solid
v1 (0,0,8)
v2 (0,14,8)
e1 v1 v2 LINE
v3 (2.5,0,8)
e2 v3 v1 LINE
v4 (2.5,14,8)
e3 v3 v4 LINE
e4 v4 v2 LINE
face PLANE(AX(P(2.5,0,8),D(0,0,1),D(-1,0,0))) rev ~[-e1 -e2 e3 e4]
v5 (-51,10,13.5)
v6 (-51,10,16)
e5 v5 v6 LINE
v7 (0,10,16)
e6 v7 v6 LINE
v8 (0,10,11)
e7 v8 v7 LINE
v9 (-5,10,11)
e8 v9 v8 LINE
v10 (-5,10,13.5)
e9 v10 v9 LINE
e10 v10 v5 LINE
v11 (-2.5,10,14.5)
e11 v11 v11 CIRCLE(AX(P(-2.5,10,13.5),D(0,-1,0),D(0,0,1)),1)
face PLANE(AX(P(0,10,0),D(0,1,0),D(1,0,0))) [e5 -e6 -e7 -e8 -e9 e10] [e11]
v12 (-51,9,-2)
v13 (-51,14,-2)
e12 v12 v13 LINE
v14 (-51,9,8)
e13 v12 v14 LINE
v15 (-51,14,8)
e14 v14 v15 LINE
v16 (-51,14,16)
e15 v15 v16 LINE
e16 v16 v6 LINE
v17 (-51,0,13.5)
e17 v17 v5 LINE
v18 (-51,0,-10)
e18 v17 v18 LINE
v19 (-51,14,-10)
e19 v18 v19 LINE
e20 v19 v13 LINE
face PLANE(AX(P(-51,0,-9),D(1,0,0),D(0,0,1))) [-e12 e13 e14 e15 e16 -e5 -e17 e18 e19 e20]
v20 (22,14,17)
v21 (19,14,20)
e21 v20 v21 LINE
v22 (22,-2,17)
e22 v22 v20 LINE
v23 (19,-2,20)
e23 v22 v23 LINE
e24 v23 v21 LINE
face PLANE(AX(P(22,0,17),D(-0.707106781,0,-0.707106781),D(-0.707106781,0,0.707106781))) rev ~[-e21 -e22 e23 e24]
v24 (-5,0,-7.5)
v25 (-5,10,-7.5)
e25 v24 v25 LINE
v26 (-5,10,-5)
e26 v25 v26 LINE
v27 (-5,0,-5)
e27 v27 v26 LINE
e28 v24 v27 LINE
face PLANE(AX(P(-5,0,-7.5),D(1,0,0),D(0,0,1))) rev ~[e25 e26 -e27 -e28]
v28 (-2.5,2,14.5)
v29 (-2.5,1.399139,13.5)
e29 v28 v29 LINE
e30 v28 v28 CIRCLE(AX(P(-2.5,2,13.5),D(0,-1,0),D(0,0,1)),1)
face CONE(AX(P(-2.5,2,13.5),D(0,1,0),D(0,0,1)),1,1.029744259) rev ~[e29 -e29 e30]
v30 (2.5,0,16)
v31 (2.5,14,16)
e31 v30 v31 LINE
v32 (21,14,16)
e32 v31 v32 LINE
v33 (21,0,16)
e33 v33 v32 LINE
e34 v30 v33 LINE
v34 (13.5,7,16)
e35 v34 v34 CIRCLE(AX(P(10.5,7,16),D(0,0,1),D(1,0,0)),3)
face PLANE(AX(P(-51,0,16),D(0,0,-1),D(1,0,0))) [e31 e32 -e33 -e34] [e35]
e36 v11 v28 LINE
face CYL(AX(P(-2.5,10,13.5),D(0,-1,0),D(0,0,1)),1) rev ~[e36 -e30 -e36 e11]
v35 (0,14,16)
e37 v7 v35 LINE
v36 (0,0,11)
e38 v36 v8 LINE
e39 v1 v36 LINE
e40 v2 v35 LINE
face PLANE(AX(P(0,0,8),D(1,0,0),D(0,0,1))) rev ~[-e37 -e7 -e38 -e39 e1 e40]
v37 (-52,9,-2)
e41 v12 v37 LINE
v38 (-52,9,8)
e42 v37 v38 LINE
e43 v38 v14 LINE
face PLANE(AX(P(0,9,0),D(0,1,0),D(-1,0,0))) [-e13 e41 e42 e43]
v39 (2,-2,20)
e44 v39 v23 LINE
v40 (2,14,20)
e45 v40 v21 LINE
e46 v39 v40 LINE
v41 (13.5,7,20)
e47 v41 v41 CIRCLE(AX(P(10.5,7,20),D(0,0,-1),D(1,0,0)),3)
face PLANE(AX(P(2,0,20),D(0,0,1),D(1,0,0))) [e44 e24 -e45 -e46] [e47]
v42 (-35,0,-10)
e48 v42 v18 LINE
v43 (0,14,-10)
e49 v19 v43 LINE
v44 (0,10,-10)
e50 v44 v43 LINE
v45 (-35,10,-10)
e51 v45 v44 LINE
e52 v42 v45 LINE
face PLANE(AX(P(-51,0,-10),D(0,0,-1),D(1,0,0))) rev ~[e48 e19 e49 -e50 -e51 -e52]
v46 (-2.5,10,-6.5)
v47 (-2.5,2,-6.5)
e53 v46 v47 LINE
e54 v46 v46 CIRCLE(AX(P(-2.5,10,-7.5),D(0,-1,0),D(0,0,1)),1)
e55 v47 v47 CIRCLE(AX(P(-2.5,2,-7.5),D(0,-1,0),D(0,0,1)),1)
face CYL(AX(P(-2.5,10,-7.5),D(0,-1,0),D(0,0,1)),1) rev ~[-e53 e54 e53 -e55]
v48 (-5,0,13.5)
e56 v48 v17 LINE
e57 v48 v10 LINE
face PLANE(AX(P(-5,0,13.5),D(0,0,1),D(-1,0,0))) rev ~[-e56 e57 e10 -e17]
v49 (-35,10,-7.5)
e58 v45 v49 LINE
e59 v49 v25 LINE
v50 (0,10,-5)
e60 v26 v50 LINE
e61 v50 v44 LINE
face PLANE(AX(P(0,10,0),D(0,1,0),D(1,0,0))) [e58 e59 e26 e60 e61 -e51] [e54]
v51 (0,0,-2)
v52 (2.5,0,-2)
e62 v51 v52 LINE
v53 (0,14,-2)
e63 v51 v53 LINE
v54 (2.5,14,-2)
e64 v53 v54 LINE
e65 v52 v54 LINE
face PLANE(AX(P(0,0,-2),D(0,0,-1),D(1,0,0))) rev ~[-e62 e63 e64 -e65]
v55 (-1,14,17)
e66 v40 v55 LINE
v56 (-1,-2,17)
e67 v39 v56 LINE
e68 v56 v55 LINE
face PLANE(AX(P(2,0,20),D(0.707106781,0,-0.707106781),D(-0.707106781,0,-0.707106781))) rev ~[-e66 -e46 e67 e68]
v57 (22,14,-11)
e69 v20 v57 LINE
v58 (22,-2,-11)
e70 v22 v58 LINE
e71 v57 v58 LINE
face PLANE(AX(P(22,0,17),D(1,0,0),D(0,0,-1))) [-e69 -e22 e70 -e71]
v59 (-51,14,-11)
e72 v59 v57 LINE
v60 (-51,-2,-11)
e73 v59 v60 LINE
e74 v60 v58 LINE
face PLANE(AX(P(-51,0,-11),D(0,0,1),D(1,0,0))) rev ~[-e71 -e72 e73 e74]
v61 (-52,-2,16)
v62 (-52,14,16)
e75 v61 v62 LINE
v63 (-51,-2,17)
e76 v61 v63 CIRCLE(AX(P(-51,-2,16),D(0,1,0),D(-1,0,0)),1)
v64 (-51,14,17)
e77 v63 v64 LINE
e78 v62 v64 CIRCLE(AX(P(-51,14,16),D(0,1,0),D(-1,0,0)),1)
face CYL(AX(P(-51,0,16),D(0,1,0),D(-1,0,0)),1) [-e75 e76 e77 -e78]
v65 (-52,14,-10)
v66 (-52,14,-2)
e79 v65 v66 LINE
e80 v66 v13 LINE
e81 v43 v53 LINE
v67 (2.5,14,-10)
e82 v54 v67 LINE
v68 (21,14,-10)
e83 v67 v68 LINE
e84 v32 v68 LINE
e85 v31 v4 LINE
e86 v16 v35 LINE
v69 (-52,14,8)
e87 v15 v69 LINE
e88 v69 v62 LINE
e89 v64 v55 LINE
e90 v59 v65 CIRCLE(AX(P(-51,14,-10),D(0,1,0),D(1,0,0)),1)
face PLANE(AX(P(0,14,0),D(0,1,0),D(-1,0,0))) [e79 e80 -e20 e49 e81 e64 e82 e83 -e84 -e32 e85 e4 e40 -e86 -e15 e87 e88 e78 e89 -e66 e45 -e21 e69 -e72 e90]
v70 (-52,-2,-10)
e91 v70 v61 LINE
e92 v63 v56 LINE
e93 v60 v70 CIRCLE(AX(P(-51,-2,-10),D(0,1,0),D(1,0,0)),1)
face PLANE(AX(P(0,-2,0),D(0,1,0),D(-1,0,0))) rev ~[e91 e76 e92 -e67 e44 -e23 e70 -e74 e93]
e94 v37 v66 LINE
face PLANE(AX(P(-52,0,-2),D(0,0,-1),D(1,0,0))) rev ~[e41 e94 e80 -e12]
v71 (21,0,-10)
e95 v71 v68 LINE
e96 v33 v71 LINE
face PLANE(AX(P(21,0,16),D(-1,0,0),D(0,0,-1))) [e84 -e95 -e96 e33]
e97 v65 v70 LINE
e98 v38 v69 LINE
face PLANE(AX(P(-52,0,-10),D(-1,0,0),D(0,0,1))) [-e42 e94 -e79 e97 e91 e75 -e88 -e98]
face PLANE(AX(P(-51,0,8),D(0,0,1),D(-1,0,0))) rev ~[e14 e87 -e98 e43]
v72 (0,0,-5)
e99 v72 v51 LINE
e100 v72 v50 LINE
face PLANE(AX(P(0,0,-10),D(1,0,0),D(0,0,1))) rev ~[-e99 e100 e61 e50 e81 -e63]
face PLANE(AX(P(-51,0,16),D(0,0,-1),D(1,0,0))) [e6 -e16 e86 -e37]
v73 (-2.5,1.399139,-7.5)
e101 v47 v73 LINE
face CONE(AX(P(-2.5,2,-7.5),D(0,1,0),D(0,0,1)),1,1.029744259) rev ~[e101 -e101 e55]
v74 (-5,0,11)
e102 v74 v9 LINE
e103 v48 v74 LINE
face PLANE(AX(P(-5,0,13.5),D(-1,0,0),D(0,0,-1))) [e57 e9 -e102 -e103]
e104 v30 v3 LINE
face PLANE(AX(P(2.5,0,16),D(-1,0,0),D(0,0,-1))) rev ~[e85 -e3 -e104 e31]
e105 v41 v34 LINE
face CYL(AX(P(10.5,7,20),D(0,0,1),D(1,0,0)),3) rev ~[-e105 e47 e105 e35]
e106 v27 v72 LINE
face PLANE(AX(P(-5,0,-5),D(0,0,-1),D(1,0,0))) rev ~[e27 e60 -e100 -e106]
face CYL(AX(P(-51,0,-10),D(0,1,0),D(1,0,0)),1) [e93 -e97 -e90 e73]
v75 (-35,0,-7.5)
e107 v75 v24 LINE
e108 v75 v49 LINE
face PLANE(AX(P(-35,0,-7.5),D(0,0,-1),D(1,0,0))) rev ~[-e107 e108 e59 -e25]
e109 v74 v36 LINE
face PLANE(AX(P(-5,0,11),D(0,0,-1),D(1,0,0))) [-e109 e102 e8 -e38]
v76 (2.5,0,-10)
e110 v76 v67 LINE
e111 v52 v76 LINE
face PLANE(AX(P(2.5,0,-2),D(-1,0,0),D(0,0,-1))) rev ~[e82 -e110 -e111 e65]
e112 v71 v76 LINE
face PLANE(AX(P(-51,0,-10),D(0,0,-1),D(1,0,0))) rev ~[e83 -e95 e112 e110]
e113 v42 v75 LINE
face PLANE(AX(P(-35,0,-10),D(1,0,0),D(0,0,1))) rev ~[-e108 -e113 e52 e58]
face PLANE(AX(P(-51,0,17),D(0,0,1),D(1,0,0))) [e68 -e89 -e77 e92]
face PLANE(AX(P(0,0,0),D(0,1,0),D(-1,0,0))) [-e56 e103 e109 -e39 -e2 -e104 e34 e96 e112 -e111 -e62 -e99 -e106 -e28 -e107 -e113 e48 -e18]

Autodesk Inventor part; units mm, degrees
ref_plane "YZ Plane" through (0, 0, 0) normal (1, 0, 0) x (0, 1, 0)
ref_plane "XZ Plane" through (0, 0, 0) normal (0, 1, 0) x (-1, 0, 0)
ref_plane "XY Plane" through (0, 0, 0) normal (0, 0, 1) x (1, 0, 0)
sketch "Sketch1" plane through (0, 0, 0) normal (0, 1, 0) x (-1, 0, 0)
  line L0 (52, -10) -> (52, 16)
  arc A0 (52, 16) -> (51, 17) centre (51, 16) ccw
  line L1 (51, 17) -> (-22, 17)
  arc A1 (50, -10) -> (51, -9) centre (51, -10) ccw
  line L2 (-22, 17) -> (-22, -11)
  line L3 (-2, 20) -> (-19, 20)
  line L4 (-1, 5) -> (-1, 14)
  line L5 (0, 14) -> (0, 5)
  line L6 (-1, 1) -> (-1, -8)
  line L7 (51, 16) -> (-21, 16)
  line L8 (51, -2) -> (51, 8)
  line L9 (52, 8) -> (52, -2)
  line L10 (51, -10) -> (-21, -10)
  line L11 (51, 8) -> (52, 8)
  line L12 (52, 8) -> (52, -2)
  line L13 (52, -2) -> (51, -2)
  line L14 (51, -2) -> (51, 8)
  line L15 (51, -10) -> (51, 16)
  line L16 (52, 16) -> (52, -10)
  line L17 (51, -11) -> (-22, -11)
  line L18 (-21, 16) -> (-21, -10)
  line L19 (-2, 20) -> (1, 17)
  line L20 (-2, 20) -> (2.6568, 20) construction
  line L21 (-22, 17) -> (-19, 20)
  line L22 (-22, 17) -> (-5.0328, 17) construction
  line L23 (-1, 1) -> (0.3284, 1)
  line L24 (0.3284, 1) -> (0.3284, -8)
  line L25 (0.3284, -8) -> (-1, -8)
  line L26 (-1, -8) -> (-1, 1)
  line L27 (-1, 14) -> (0, 14)
  line L28 (0, 14) -> (0, 5)
  line L29 (0, 5) -> (-1, 5)
  line L30 (-1, 5) -> (-1, 14)
  point P0 (0, 0)
  dimension "d0" = 45
  dimension "d1" = 45
extrude "Extrusion1" add sketch "Sketch1" against normal blind 2 contours A1 L15 L13 L0 | A1 L10 L15 | L13 L8 L11 L0 | L17 L2 L1 A0 L0 L11 L15 L7 L18 L10 A1 | L15 L10 L18 L7 L8 | L21 L3 L19 L1 | L4 L27 L5 L29 | L23 L24 L25 L6
extrude "Extrusion2" add sketch "Sketch1" along normal blind 9 contours A1 L15 L13 L0 | A1 L10 L15 | L13 L8 L11 L0 | L17 L2 L1 A0 L0 L11 L15 L7 L18 L10 A1 | L21 L3 L19 L1
extrude "Extrusion3" add sketch "Sketch1" along normal blind 14 contours A1 L15 L13 L0 | A1 L10 L15 | L17 L2 L1 A0 L0 L11 L15 L7 L18 L10 A1 | L21 L3 L19 L1
sketch "Sketch2" plane through (0, 0, 0) normal (0, 1, 0) x (1, 0, 0)
  line L0 (-51, 10) -> (21, 10) projected
  line L1 (21, -16) -> (-51, -16) projected
  line L2 (21, 10) -> (-51, 10) projected
  line L3 (0, -16) -> (-5, -16)
  line L4 (-5, -16) -> (-5, -11)
  line L5 (-5, -11) -> (0, -11)
  line L6 (0, -11) -> (0, -16)
  line L7 (0, 10) -> (-5, 10)
  line L8 (-5, 10) -> (-5, 5)
  line L9 (-5, 5) -> (0, 5)
  line L10 (0, 5) -> (0, 10)
  line L11 (-5, 10) -> (-35, 10)
  line L12 (-35, 10) -> (-35, 7.5)
  line L13 (-35, 7.5) -> (-5, 7.5)
  line L14 (-5, 7.5) -> (-5, 10)
  line L15 (-51, 2) -> (-51, 10) projected
  line L16 (-5, -13.5) -> (-51, -13.5)
  line L17 (-51, -13.5) -> (-51, -16)
  line L18 (-51, -16) -> (-5, -16)
  line L19 (-5, -16) -> (-5, -13.5)
  point P0 (0, 0)
  dimension "d8" = 5
  dimension "d9" = 5
  dimension "d10" = 5
  dimension "d11" = 5
  dimension "d12" = 16
extrude "Extrusion4" add sketch "Sketch2" along normal blind 10
sketch "Sketch3" plane through (2, -2, 20) normal (0, 0, 1) x (1, 0, 0)
  line L0 (17, 0) -> (17, 16) projected
  line L1 (0, 16) -> (17, 2)
  circle A0 centre (8.5, 9) radius 3
  point P0 (-2, 2)
  dimension "d15" = 6
sketch "Sketch4" plane through (0, 0, 0) normal (0, 1, 0) x (1, 0, 0)
  line L0 (0, -16) -> (21, -16) projected
  line L1 (-51, 10) -> (21, 10) projected
  line L2 (0, -16) -> (2.5, -16)
  line L3 (2.5, -16) -> (2.5, 10)
  line L4 (2.5, 10) -> (0, 10)
  line L5 (0, 10) -> (0, -16)
  line L6 (2.5, -8) -> (0, -8)
  line L7 (0, -8) -> (0, 2)
  line L8 (0, 2) -> (2.5, 2)
  line L9 (2.5, 2) -> (2.5, -8)
  line L10 (2.5, 2) -> (0, 2)
  line L11 (0, 2) -> (0, 10)
  line L12 (0, 10) -> (2.5, 10)
  line L13 (2.5, 10) -> (2.5, 2)
  line L14 (0, -8) -> (2.5, -8)
  line L15 (2.5, -8) -> (2.5, -16)
  line L16 (2.5, -16) -> (0, -16)
  line L17 (0, -16) -> (0, -8)
  point P0 (0, 0)
  dimension "d16" = 2.5
  dimension "d17" = 8
  dimension "d18" = 8
extrude "Extrusion5" add sketch "Sketch4" along normal blind 14 contours L5 L6 L3 L0 | L5 L1 L3 L8
extrude "Extrusion6" cut sketch "Sketch3" against normal blind 14
sketch "Sketch5" plane through (0, 10, 0) normal (0, 1, 0) x (1, 0, 0)
  line L0 (-35, 10) -> (0, 10) projected
  line L1 (-35, 10) -> (-35, 7.5) projected
  line L2 (-35, 7.5) -> (-5, 7.5) projected
  line L3 (-5, 7.5) -> (-5, 5) projected
  line L4 (-5, 5) -> (0, 5) projected
  line L5 (0, 5) -> (0, 10) projected
  line L6 (0, -16) -> (-51, -16) projected
  line L7 (0, -16) -> (0, -11) projected
  line L8 (0, -11) -> (-5, -11) projected
  line L9 (-5, -11) -> (-5, -13.5) projected
  line L10 (-5, -13.5) -> (-51, -13.5) projected
  line L11 (-51, -16) -> (-51, -13.5) projected
  line L12 (-5, -11) -> (0, -16)
  line L13 (0, 5) -> (0, 10) projected
  line L14 (0, 10) -> (-5, 5)
  point P0 (0, 0)
  point P1 (-2.5, 7.5)
  point P2 (-2.5, -13.5)
hole "Hole1" at (-2.5, 10, -7.5) at (-2.5, 10, 13.5) direction (0, -1, 0) diameter 2 depth 8 tip angle 118
properties part number "ttgo_lora_oled_case"
